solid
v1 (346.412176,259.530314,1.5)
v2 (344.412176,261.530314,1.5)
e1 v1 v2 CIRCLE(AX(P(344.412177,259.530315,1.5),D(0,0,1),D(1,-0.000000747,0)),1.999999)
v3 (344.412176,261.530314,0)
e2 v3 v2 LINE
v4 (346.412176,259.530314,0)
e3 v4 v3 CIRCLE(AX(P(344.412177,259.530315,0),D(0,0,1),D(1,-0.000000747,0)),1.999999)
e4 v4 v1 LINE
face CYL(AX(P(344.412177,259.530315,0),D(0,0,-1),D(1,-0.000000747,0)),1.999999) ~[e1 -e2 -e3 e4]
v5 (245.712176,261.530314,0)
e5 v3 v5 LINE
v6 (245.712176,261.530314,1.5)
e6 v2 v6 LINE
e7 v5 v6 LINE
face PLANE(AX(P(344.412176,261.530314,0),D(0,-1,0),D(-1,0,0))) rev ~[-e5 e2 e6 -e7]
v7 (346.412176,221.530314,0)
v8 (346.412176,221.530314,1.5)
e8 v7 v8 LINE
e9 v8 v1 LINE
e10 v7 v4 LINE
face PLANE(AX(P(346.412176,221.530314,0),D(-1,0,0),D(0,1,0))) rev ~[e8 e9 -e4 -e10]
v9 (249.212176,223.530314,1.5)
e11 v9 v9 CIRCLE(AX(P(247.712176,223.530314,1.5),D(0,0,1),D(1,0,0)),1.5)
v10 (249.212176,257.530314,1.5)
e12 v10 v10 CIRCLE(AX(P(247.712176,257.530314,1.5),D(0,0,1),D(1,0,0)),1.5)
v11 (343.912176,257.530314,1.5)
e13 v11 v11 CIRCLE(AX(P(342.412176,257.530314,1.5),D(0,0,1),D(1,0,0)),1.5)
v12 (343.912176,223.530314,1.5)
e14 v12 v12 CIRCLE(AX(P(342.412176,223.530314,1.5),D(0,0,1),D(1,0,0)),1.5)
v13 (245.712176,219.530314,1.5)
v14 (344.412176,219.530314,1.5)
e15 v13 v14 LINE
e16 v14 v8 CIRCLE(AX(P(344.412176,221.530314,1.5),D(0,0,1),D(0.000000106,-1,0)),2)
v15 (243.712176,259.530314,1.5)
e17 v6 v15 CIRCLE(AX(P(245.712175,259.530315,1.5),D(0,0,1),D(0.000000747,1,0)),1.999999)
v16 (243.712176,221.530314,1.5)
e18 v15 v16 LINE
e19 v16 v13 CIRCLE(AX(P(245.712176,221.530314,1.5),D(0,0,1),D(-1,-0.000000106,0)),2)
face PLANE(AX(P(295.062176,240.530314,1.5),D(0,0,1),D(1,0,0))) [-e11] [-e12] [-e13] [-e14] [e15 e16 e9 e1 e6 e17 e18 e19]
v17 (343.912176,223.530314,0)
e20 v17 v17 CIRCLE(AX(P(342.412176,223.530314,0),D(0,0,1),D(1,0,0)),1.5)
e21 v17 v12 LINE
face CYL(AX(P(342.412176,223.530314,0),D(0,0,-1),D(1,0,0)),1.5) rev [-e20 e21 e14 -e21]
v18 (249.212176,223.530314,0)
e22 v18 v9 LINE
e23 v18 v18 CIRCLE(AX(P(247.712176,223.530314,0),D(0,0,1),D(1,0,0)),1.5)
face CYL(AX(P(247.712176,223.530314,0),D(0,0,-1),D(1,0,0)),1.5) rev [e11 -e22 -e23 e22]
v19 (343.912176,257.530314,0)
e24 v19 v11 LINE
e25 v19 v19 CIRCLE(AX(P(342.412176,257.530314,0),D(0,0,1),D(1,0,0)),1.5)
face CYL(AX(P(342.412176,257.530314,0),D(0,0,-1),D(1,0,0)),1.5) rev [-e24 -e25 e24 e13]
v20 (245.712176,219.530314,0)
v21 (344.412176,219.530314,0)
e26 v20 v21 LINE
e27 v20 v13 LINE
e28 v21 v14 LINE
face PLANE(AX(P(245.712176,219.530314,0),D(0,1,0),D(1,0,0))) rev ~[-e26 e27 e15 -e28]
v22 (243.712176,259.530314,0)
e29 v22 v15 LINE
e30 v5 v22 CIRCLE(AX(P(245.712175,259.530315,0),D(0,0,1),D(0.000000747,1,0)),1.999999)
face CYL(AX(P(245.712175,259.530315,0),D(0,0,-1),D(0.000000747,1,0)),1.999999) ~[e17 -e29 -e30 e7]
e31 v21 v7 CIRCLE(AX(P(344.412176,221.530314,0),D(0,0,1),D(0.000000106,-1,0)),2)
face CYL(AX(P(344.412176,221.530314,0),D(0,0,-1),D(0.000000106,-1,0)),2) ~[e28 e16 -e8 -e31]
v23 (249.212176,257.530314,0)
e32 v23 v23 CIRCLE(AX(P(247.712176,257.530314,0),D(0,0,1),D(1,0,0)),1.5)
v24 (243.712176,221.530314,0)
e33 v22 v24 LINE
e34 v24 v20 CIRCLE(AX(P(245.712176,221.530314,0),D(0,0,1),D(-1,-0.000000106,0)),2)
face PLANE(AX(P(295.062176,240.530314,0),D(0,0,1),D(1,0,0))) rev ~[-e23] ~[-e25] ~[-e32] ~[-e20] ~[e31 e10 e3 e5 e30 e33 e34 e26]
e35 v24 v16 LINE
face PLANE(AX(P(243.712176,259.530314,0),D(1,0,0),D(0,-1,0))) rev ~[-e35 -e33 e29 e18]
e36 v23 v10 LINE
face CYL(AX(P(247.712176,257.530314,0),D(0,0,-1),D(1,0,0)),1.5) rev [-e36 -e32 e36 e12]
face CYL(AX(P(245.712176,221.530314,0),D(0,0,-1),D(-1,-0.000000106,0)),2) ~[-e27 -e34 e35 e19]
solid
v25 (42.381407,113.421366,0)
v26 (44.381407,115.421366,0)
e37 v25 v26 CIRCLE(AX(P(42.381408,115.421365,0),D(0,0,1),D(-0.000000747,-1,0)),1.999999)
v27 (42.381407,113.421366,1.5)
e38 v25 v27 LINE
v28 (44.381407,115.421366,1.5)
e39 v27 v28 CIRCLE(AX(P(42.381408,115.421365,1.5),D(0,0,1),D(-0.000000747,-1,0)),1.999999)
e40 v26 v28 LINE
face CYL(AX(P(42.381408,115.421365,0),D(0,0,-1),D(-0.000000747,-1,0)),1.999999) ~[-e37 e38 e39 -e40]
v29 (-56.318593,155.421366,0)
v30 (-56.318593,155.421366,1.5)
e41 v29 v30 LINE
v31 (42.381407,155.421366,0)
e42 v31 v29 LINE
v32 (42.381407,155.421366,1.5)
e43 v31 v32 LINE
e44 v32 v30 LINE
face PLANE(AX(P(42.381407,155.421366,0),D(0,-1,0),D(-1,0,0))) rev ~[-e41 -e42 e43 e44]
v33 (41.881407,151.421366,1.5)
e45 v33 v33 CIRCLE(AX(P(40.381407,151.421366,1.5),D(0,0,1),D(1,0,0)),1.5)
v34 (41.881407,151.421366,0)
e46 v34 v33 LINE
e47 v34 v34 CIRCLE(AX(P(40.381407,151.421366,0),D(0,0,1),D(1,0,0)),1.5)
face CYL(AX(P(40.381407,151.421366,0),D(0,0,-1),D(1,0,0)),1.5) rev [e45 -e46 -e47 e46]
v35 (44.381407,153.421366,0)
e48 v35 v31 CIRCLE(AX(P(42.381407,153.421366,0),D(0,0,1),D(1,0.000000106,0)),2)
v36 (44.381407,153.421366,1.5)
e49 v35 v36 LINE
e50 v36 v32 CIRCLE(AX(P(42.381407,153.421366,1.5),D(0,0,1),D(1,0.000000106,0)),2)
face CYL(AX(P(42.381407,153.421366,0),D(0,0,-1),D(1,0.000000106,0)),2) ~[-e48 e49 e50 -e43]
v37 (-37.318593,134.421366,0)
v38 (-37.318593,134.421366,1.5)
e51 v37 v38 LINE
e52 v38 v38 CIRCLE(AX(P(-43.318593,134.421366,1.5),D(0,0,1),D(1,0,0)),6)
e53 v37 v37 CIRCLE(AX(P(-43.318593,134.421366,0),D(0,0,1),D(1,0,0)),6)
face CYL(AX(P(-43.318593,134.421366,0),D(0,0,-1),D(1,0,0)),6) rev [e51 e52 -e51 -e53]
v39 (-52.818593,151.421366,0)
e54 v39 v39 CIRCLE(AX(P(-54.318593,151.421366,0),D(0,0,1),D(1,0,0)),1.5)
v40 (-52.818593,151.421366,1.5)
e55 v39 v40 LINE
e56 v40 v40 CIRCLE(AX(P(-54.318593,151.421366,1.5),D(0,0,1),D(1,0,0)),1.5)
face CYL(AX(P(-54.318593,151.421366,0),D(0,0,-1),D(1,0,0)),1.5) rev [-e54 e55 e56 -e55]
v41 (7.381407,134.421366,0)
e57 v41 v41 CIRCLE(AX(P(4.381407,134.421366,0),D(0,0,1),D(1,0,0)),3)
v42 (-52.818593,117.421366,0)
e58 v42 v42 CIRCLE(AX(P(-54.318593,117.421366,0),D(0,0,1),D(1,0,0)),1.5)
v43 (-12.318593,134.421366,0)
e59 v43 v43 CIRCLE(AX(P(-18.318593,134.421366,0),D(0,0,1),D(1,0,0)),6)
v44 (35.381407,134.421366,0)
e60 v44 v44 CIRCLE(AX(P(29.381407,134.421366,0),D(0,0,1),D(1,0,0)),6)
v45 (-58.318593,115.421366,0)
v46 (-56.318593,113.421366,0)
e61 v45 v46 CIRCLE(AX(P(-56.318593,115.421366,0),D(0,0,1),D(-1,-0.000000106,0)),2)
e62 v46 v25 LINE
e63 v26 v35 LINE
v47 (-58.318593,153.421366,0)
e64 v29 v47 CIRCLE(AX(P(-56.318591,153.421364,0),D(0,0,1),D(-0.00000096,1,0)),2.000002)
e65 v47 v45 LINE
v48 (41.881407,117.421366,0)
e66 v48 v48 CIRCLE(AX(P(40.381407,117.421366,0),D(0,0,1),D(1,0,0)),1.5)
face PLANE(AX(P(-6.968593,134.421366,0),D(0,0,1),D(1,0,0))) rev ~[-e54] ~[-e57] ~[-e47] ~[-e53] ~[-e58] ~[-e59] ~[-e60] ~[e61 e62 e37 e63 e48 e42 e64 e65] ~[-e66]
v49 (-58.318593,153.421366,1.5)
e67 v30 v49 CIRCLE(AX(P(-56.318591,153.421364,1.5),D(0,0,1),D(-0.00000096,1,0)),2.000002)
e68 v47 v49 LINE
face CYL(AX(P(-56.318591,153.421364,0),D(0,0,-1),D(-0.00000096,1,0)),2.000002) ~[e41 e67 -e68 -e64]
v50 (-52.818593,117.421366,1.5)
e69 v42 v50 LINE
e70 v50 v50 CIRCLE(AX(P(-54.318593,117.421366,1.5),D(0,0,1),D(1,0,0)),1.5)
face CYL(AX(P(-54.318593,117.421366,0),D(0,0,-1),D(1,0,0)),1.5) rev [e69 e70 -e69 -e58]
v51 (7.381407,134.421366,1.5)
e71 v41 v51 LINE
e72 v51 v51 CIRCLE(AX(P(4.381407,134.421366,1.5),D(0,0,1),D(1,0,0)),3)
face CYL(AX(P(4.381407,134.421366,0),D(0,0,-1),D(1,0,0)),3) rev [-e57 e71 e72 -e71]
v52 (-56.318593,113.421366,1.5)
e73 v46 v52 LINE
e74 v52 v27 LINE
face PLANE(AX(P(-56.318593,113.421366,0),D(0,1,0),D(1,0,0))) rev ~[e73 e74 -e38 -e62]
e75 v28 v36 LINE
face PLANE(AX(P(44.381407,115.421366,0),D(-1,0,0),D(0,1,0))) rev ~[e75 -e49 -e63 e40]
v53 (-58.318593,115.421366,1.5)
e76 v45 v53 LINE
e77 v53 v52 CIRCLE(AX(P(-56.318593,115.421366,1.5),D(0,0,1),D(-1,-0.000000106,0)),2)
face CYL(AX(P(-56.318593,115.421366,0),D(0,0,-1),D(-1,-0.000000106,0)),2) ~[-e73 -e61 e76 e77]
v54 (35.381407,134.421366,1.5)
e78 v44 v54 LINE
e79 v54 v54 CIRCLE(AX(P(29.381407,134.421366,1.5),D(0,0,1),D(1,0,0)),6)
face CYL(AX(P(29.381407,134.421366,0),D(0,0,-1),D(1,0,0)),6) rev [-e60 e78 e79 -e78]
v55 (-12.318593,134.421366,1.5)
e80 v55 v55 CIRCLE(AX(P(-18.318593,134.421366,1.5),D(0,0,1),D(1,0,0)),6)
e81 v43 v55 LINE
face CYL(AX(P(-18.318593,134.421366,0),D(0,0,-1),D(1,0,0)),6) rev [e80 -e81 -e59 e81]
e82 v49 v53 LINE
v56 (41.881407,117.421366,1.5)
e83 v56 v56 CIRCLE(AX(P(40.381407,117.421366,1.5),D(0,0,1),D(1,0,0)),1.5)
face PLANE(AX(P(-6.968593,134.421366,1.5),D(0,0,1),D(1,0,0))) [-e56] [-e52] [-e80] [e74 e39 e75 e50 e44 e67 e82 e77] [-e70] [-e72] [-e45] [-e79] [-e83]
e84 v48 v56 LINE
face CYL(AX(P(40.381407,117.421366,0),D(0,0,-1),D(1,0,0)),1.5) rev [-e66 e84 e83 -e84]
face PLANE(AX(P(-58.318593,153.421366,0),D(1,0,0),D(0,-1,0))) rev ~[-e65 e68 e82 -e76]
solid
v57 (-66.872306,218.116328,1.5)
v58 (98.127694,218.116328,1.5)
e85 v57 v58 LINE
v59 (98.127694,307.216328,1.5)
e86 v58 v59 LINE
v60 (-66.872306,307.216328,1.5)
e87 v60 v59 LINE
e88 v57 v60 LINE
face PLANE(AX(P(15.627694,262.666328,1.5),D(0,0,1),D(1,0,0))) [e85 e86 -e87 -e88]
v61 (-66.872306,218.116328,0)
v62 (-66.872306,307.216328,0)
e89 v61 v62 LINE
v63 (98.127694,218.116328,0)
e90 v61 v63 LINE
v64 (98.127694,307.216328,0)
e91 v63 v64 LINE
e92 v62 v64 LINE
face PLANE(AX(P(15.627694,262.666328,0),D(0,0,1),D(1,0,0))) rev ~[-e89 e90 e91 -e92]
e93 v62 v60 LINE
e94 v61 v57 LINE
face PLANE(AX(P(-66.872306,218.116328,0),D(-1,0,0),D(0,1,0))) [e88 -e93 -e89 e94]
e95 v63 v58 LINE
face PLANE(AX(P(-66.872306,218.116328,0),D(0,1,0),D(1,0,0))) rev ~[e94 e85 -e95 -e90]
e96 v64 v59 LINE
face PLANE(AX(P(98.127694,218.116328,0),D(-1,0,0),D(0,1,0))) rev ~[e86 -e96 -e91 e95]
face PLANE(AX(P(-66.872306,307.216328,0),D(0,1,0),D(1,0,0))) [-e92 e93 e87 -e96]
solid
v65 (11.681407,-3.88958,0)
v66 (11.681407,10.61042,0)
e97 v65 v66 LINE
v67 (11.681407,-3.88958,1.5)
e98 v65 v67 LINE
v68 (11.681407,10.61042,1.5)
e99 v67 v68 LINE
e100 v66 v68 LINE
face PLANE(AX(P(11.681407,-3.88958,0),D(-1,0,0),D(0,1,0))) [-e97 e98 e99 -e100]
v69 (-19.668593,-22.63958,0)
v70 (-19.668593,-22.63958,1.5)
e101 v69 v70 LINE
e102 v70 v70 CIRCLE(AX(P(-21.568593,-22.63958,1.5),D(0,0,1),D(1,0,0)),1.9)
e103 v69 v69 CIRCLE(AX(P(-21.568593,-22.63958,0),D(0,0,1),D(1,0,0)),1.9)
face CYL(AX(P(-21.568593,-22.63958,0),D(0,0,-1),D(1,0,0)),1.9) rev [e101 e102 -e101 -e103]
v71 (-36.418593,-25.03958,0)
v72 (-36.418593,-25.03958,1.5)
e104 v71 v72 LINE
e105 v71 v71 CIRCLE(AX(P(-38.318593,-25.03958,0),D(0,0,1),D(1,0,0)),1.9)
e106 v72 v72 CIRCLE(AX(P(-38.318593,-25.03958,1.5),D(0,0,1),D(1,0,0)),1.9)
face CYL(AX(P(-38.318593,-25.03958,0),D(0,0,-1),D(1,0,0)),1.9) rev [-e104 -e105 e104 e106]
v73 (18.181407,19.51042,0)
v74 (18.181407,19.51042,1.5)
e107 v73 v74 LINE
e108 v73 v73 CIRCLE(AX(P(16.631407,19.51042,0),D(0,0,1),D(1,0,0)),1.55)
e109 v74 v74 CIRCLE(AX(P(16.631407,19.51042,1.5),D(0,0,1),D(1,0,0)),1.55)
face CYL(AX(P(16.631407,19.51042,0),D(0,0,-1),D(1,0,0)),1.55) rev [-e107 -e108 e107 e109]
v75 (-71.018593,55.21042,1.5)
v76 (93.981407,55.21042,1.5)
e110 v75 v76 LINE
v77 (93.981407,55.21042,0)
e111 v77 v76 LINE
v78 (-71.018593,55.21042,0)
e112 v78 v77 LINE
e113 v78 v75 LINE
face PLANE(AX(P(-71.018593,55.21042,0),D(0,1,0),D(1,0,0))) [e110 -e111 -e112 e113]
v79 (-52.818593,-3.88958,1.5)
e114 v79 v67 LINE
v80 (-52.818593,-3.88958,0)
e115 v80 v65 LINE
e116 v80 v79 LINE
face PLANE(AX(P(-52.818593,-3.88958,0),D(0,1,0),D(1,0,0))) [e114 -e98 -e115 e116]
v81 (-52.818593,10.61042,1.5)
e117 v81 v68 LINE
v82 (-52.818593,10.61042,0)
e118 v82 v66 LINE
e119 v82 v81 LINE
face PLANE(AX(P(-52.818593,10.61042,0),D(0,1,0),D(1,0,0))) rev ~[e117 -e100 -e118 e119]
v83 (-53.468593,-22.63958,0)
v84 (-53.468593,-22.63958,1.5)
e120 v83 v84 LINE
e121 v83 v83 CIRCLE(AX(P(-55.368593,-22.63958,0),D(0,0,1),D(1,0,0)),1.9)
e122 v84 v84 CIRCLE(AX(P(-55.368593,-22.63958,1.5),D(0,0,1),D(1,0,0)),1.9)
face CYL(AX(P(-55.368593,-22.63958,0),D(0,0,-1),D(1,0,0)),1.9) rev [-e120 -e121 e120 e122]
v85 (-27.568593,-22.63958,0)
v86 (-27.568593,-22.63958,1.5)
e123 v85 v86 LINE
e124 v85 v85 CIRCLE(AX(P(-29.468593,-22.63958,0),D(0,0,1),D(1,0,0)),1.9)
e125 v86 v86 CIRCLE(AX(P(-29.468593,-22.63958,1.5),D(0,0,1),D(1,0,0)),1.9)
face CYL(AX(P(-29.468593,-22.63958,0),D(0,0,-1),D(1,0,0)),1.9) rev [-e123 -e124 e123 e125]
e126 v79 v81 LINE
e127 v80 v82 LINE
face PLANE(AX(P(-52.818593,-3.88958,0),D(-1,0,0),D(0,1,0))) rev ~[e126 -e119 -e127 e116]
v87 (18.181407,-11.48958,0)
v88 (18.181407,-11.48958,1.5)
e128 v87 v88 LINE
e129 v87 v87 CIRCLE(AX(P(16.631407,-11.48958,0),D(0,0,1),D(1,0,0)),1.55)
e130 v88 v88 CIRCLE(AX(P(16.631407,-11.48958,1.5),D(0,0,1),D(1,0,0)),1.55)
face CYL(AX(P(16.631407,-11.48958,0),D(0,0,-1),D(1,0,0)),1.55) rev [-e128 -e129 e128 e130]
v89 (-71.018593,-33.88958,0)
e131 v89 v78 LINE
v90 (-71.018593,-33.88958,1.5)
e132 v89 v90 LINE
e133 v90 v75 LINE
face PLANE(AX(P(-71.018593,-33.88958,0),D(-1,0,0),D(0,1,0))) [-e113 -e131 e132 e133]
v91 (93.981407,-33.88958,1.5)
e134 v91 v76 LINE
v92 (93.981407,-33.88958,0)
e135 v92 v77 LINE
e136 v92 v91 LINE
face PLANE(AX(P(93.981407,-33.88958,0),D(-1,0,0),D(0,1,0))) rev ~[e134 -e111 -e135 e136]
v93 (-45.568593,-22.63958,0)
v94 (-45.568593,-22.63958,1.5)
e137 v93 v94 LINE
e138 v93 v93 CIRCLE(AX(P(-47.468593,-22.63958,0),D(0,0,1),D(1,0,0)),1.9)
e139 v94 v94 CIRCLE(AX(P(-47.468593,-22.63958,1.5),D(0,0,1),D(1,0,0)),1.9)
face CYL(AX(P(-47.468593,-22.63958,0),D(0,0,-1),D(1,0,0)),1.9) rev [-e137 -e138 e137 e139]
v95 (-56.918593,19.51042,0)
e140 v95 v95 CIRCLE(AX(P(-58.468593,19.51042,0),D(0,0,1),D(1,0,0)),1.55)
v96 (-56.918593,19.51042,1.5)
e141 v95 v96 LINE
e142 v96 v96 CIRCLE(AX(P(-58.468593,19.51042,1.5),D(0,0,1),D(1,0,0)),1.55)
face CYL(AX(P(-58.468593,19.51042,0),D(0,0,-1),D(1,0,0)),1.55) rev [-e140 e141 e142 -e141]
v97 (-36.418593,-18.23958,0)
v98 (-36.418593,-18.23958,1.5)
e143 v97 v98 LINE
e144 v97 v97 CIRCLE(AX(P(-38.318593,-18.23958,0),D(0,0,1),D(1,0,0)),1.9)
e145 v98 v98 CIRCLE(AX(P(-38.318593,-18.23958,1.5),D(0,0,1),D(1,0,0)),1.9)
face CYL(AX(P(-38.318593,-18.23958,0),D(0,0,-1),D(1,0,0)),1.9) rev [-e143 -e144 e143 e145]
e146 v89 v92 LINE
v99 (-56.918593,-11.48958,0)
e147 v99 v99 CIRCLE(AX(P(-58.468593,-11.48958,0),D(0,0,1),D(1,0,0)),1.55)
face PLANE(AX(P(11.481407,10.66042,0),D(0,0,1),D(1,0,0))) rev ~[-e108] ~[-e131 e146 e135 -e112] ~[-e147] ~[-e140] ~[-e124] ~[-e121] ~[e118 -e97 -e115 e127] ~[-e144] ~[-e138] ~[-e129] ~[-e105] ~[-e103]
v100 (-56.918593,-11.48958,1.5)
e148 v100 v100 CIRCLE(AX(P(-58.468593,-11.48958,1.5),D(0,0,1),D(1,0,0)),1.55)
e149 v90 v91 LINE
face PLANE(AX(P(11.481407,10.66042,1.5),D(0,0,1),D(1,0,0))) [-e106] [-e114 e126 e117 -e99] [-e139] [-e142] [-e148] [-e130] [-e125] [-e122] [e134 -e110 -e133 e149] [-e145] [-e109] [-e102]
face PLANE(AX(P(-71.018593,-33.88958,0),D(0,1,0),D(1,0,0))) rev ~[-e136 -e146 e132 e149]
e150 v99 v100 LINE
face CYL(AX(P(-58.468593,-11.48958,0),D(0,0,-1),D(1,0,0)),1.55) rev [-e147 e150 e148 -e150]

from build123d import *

# Parameters (mm, degrees)
F0_R     = 1.5
F0_R_2   = 6
F0_R_3   = 3
F0_W     = 165
F0_H     = 89.1
F0_R_4   = 1.9
F0_R_5   = 1.55
F0_W_2   = 64.5
F0_H_2   = 14.5
F1_DEPTH = 1.5


with BuildPart() as f1:
    # F0 (on Top) → F1 (new body)
    with BuildSketch(Plane.XY):
        with BuildLine():
            Line((42.381407, 155.421366), (-56.318593, 155.421366))
            ThreePointArc((-56.318593, 155.421366), (-57.732806, 154.835579), (-58.318593, 153.421366))
            Line((-58.318593, 153.421366), (-58.318593, 115.421366))
            ThreePointArc((-58.318593, 115.421366), (-57.732806, 114.007152), (-56.318593, 113.421366))
            Line((-56.318593, 113.421366), (42.381407, 113.421366))
            ThreePointArc((42.381407, 113.421366), (43.795621, 114.007152), (44.381407, 115.421366))
            Line((44.381407, 115.421366), (44.381407, 153.421366))
            ThreePointArc((44.381407, 153.421366), (43.795621, 154.835579), (42.381407, 155.421366))
        make_face()
        with Locations((-54.318593, 117.421366)):
            Circle(F0_R, mode=Mode.SUBTRACT)
        with Locations((-43.318593, 134.421366)):
            Circle(F0_R_2, mode=Mode.SUBTRACT)
        with Locations((-18.318593, 134.421366)):
            Circle(F0_R_2, mode=Mode.SUBTRACT)
        with Locations((4.381407, 134.421366)):
            Circle(F0_R_3, mode=Mode.SUBTRACT)
        with Locations((29.381407, 134.421366)):
            Circle(F0_R_2, mode=Mode.SUBTRACT)
        with Locations((40.381407, 117.421366)):
            Circle(F0_R, mode=Mode.SUBTRACT)
        with Locations((-54.318593, 151.421366)):
            Circle(F0_R, mode=Mode.SUBTRACT)
        with Locations((40.381407, 151.421366)):
            Circle(F0_R, mode=Mode.SUBTRACT)
        with Locations((11.481407, 10.66042)):
            Rectangle(F0_W, F0_H)
        with Locations((-55.368593, -22.63958)):
            Circle(F0_R_4, mode=Mode.SUBTRACT)
        with Locations((-47.468593, -22.63958)):
            Circle(F0_R_4, mode=Mode.SUBTRACT)
        with Locations((-38.318593, -25.03958)):
            Circle(F0_R_4, mode=Mode.SUBTRACT)
        with Locations((-38.318593, -18.23958)):
            Circle(F0_R_4, mode=Mode.SUBTRACT)
        with Locations((-29.468593, -22.63958)):
            Circle(F0_R_4, mode=Mode.SUBTRACT)
        with Locations((-21.568593, -22.63958)):
            Circle(F0_R_4, mode=Mode.SUBTRACT)
        with Locations((-58.468593, -11.48958)):
            Circle(F0_R_5, mode=Mode.SUBTRACT)
        with Locations((-20.568593, 3.36042)):
            Rectangle(F0_W_2, F0_H_2, mode=Mode.SUBTRACT)
        with Locations((16.631407, -11.48958)):
            Circle(F0_R_5, mode=Mode.SUBTRACT)
        with Locations((-58.468593, 19.51042)):
            Circle(F0_R_5, mode=Mode.SUBTRACT)
        with Locations((16.631407, 19.51042)):
            Circle(F0_R_5, mode=Mode.SUBTRACT)
        with Locations((15.627694, 262.666328)):
            Rectangle(F0_W, F0_H)
        with BuildLine():
            Line((344.412176, 261.530314), (245.712176, 261.530314))
            ThreePointArc((245.712176, 261.530314), (244.297962, 260.944528), (243.712176, 259.530314))
            Line((243.712176, 259.530314), (243.712176, 221.530314))
            ThreePointArc((243.712176, 221.530314), (244.297962, 220.116101), (245.712176, 219.530314))
            Line((245.712176, 219.530314), (344.412176, 219.530314))
            ThreePointArc((344.412176, 219.530314), (345.82639, 220.116101), (346.412176, 221.530314))
            Line((346.412176, 221.530314), (346.412176, 259.530314))
            ThreePointArc((346.412176, 259.530314), (345.82639, 260.944528), (344.412176, 261.530314))
        make_face()
        with Locations((247.712176, 223.530314)):
            Circle(F0_R, mode=Mode.SUBTRACT)
        with Locations((247.712176, 257.530314)):
            Circle(F0_R, mode=Mode.SUBTRACT)
        with Locations((342.412176, 223.530314)):
            Circle(F0_R, mode=Mode.SUBTRACT)
        with Locations((342.412176, 257.530314)):
            Circle(F0_R, mode=Mode.SUBTRACT)
    extrude(amount=F1_DEPTH)


solid = f1.part
